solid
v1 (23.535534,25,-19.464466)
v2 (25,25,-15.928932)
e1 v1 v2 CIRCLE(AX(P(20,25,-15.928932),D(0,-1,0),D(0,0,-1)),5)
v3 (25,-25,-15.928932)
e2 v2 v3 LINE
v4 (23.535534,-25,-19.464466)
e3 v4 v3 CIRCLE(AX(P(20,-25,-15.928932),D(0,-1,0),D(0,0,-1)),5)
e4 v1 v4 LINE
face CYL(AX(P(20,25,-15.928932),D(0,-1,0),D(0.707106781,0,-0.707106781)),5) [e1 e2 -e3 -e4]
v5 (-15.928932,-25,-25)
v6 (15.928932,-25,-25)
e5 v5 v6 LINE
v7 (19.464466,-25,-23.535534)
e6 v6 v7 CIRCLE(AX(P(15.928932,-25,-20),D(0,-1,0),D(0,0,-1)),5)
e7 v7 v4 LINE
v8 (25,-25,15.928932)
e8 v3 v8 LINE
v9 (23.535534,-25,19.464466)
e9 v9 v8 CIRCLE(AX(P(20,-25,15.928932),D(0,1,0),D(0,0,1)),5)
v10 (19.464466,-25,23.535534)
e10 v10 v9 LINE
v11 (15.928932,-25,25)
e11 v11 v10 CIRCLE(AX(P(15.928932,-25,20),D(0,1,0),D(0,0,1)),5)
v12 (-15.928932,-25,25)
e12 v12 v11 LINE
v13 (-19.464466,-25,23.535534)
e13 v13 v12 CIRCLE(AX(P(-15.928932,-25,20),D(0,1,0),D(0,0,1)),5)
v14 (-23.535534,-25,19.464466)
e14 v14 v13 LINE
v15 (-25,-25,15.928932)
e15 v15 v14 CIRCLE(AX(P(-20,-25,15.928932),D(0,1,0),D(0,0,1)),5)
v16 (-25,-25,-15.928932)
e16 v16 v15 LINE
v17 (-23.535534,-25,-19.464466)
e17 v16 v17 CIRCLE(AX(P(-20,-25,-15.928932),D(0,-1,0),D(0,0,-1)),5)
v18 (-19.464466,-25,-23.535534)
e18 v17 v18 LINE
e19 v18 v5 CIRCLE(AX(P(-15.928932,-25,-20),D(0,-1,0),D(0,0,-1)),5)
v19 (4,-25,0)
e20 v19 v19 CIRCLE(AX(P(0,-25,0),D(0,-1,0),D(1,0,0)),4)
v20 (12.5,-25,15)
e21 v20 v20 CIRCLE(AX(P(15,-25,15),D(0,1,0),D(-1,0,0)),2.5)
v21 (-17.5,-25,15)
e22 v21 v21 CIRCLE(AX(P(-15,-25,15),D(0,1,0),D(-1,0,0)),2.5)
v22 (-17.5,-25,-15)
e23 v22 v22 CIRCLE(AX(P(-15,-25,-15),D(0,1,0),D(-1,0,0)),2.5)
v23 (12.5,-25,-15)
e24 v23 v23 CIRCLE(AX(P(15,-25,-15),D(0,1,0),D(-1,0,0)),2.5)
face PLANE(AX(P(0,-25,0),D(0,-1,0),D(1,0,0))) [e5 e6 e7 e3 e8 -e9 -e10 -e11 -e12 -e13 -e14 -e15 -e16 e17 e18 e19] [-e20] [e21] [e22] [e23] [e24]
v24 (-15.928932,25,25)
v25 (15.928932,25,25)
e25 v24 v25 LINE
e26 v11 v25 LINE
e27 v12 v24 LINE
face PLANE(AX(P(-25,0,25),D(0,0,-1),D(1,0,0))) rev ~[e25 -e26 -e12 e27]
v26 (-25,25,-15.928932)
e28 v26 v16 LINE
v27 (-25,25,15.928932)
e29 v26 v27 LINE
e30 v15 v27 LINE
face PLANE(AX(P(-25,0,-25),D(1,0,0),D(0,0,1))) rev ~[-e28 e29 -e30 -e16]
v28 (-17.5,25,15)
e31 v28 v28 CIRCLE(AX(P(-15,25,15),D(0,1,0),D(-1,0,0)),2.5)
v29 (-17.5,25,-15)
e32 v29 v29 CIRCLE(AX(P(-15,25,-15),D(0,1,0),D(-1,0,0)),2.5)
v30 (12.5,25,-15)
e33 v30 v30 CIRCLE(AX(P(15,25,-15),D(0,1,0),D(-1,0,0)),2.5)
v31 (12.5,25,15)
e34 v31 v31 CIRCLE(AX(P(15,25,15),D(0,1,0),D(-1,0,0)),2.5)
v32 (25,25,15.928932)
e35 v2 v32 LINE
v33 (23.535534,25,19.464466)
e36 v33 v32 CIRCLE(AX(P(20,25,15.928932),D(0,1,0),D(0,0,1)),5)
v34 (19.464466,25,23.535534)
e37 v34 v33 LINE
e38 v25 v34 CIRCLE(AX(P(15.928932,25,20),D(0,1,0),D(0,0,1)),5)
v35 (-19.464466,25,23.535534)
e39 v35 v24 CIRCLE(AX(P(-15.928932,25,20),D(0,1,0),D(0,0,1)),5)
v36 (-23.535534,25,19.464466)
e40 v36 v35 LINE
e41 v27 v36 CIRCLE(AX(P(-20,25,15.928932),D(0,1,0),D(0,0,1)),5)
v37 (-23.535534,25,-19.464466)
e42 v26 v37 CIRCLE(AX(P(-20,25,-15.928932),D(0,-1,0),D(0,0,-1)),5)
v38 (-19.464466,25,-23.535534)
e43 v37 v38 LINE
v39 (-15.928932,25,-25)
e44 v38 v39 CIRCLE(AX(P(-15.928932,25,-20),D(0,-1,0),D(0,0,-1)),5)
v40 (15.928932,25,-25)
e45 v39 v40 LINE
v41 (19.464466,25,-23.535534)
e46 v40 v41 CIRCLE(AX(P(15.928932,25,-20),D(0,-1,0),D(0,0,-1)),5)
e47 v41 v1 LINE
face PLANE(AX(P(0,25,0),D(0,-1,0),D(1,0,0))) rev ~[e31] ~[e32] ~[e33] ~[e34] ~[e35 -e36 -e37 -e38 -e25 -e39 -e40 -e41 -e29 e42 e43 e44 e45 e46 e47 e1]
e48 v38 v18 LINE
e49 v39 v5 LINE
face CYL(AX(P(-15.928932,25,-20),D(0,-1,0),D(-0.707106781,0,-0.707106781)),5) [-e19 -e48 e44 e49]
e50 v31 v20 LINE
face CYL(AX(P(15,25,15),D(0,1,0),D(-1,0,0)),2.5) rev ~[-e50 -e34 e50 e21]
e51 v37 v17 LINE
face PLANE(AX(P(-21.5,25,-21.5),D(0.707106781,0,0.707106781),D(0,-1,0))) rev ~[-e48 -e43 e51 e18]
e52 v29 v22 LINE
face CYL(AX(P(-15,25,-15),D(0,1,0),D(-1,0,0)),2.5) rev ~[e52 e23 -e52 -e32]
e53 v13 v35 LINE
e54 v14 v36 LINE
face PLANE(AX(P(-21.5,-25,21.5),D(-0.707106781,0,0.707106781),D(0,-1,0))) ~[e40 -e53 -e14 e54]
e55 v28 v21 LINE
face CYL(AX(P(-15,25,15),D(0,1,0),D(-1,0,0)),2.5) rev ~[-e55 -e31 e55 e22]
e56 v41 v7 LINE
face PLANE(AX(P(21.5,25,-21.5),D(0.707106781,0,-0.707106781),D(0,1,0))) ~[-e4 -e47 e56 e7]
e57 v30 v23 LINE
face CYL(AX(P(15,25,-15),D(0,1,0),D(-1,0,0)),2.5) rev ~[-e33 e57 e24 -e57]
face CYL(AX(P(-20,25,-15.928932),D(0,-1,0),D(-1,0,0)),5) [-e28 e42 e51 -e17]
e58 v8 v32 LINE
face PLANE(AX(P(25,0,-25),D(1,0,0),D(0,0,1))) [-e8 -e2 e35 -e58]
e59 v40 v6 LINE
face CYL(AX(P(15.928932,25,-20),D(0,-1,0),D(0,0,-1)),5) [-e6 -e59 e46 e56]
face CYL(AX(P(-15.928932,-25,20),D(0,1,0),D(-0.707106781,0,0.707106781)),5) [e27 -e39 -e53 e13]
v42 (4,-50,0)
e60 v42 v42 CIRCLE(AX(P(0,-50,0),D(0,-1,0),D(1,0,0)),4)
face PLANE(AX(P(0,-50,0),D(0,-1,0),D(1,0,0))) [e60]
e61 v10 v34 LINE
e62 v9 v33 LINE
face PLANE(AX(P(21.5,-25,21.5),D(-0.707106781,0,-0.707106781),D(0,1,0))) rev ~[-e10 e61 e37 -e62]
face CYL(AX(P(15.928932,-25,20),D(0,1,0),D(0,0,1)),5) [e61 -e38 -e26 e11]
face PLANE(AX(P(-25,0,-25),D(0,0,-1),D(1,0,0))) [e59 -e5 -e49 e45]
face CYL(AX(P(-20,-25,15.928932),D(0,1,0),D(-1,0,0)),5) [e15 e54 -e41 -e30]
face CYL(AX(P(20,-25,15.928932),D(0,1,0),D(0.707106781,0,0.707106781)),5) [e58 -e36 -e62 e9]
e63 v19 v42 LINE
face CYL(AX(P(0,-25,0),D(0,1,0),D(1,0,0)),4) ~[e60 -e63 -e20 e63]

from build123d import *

# Parameters (mm, degrees)
F0_W          = 50
F0_H          = 50
F1_DEPTH      = 25
F1_DEPTH_BACK = 25
F2_R          = 4
F3_DEPTH      = 25
F4_SIZE       = 7
F5_R          = 5
F6_R          = 2.5
F7_DEPTH      = 50


with BuildPart() as f1:
    # F0 (on Front) → F1 (new body, two sides)
    with BuildSketch(Plane.XZ) as f1_sk:
        Rectangle(F0_W, F0_H)
    extrude(amount=F1_DEPTH)
    extrude(f1_sk.sketch, amount=-F1_DEPTH_BACK)

    # F2 (on face) → F3 (join)
    with BuildSketch(Plane.XZ.offset(25)):
        Circle(F2_R)
    extrude(amount=F3_DEPTH)

    # F4
    f4_edges = [f1.edges().sort_by_distance(p)[0] for p in [
        (-25, 0, 25),
        (25, 0, 25),
        (25, 0, -25),
        (-25, 0, -25),
    ]]
    chamfer(f4_edges, length=F4_SIZE)

    # F5
    f5_edges = [f1.edges().sort_by_distance(p)[0] for p in [
        (-18, 0, 25),
        (-25, 0, 18),
        (18, 0, 25),
        (25, 0, 18),
        (25, 0, -18),
        (18, 0, -25),
        (-18, 0, -25),
        (-25, 0, -18),
    ]]
    fillet(f5_edges, radius=F5_R)

    # F6 (on face) → F7 (cut)
    with BuildSketch(Plane(origin=(0, 25, 0), x_dir=(-1, 0, 0), z_dir=(0, 1, 0))):
        with Locations((-15, 15)):
            Circle(F6_R)
        with Locations((15, 15)):
            Circle(F6_R)
        with Locations((15, -15)):
            Circle(F6_R)
        with Locations((-15, -15)):
            Circle(F6_R)
    extrude(amount=-F7_DEPTH, mode=Mode.SUBTRACT)


solid = f1.part
